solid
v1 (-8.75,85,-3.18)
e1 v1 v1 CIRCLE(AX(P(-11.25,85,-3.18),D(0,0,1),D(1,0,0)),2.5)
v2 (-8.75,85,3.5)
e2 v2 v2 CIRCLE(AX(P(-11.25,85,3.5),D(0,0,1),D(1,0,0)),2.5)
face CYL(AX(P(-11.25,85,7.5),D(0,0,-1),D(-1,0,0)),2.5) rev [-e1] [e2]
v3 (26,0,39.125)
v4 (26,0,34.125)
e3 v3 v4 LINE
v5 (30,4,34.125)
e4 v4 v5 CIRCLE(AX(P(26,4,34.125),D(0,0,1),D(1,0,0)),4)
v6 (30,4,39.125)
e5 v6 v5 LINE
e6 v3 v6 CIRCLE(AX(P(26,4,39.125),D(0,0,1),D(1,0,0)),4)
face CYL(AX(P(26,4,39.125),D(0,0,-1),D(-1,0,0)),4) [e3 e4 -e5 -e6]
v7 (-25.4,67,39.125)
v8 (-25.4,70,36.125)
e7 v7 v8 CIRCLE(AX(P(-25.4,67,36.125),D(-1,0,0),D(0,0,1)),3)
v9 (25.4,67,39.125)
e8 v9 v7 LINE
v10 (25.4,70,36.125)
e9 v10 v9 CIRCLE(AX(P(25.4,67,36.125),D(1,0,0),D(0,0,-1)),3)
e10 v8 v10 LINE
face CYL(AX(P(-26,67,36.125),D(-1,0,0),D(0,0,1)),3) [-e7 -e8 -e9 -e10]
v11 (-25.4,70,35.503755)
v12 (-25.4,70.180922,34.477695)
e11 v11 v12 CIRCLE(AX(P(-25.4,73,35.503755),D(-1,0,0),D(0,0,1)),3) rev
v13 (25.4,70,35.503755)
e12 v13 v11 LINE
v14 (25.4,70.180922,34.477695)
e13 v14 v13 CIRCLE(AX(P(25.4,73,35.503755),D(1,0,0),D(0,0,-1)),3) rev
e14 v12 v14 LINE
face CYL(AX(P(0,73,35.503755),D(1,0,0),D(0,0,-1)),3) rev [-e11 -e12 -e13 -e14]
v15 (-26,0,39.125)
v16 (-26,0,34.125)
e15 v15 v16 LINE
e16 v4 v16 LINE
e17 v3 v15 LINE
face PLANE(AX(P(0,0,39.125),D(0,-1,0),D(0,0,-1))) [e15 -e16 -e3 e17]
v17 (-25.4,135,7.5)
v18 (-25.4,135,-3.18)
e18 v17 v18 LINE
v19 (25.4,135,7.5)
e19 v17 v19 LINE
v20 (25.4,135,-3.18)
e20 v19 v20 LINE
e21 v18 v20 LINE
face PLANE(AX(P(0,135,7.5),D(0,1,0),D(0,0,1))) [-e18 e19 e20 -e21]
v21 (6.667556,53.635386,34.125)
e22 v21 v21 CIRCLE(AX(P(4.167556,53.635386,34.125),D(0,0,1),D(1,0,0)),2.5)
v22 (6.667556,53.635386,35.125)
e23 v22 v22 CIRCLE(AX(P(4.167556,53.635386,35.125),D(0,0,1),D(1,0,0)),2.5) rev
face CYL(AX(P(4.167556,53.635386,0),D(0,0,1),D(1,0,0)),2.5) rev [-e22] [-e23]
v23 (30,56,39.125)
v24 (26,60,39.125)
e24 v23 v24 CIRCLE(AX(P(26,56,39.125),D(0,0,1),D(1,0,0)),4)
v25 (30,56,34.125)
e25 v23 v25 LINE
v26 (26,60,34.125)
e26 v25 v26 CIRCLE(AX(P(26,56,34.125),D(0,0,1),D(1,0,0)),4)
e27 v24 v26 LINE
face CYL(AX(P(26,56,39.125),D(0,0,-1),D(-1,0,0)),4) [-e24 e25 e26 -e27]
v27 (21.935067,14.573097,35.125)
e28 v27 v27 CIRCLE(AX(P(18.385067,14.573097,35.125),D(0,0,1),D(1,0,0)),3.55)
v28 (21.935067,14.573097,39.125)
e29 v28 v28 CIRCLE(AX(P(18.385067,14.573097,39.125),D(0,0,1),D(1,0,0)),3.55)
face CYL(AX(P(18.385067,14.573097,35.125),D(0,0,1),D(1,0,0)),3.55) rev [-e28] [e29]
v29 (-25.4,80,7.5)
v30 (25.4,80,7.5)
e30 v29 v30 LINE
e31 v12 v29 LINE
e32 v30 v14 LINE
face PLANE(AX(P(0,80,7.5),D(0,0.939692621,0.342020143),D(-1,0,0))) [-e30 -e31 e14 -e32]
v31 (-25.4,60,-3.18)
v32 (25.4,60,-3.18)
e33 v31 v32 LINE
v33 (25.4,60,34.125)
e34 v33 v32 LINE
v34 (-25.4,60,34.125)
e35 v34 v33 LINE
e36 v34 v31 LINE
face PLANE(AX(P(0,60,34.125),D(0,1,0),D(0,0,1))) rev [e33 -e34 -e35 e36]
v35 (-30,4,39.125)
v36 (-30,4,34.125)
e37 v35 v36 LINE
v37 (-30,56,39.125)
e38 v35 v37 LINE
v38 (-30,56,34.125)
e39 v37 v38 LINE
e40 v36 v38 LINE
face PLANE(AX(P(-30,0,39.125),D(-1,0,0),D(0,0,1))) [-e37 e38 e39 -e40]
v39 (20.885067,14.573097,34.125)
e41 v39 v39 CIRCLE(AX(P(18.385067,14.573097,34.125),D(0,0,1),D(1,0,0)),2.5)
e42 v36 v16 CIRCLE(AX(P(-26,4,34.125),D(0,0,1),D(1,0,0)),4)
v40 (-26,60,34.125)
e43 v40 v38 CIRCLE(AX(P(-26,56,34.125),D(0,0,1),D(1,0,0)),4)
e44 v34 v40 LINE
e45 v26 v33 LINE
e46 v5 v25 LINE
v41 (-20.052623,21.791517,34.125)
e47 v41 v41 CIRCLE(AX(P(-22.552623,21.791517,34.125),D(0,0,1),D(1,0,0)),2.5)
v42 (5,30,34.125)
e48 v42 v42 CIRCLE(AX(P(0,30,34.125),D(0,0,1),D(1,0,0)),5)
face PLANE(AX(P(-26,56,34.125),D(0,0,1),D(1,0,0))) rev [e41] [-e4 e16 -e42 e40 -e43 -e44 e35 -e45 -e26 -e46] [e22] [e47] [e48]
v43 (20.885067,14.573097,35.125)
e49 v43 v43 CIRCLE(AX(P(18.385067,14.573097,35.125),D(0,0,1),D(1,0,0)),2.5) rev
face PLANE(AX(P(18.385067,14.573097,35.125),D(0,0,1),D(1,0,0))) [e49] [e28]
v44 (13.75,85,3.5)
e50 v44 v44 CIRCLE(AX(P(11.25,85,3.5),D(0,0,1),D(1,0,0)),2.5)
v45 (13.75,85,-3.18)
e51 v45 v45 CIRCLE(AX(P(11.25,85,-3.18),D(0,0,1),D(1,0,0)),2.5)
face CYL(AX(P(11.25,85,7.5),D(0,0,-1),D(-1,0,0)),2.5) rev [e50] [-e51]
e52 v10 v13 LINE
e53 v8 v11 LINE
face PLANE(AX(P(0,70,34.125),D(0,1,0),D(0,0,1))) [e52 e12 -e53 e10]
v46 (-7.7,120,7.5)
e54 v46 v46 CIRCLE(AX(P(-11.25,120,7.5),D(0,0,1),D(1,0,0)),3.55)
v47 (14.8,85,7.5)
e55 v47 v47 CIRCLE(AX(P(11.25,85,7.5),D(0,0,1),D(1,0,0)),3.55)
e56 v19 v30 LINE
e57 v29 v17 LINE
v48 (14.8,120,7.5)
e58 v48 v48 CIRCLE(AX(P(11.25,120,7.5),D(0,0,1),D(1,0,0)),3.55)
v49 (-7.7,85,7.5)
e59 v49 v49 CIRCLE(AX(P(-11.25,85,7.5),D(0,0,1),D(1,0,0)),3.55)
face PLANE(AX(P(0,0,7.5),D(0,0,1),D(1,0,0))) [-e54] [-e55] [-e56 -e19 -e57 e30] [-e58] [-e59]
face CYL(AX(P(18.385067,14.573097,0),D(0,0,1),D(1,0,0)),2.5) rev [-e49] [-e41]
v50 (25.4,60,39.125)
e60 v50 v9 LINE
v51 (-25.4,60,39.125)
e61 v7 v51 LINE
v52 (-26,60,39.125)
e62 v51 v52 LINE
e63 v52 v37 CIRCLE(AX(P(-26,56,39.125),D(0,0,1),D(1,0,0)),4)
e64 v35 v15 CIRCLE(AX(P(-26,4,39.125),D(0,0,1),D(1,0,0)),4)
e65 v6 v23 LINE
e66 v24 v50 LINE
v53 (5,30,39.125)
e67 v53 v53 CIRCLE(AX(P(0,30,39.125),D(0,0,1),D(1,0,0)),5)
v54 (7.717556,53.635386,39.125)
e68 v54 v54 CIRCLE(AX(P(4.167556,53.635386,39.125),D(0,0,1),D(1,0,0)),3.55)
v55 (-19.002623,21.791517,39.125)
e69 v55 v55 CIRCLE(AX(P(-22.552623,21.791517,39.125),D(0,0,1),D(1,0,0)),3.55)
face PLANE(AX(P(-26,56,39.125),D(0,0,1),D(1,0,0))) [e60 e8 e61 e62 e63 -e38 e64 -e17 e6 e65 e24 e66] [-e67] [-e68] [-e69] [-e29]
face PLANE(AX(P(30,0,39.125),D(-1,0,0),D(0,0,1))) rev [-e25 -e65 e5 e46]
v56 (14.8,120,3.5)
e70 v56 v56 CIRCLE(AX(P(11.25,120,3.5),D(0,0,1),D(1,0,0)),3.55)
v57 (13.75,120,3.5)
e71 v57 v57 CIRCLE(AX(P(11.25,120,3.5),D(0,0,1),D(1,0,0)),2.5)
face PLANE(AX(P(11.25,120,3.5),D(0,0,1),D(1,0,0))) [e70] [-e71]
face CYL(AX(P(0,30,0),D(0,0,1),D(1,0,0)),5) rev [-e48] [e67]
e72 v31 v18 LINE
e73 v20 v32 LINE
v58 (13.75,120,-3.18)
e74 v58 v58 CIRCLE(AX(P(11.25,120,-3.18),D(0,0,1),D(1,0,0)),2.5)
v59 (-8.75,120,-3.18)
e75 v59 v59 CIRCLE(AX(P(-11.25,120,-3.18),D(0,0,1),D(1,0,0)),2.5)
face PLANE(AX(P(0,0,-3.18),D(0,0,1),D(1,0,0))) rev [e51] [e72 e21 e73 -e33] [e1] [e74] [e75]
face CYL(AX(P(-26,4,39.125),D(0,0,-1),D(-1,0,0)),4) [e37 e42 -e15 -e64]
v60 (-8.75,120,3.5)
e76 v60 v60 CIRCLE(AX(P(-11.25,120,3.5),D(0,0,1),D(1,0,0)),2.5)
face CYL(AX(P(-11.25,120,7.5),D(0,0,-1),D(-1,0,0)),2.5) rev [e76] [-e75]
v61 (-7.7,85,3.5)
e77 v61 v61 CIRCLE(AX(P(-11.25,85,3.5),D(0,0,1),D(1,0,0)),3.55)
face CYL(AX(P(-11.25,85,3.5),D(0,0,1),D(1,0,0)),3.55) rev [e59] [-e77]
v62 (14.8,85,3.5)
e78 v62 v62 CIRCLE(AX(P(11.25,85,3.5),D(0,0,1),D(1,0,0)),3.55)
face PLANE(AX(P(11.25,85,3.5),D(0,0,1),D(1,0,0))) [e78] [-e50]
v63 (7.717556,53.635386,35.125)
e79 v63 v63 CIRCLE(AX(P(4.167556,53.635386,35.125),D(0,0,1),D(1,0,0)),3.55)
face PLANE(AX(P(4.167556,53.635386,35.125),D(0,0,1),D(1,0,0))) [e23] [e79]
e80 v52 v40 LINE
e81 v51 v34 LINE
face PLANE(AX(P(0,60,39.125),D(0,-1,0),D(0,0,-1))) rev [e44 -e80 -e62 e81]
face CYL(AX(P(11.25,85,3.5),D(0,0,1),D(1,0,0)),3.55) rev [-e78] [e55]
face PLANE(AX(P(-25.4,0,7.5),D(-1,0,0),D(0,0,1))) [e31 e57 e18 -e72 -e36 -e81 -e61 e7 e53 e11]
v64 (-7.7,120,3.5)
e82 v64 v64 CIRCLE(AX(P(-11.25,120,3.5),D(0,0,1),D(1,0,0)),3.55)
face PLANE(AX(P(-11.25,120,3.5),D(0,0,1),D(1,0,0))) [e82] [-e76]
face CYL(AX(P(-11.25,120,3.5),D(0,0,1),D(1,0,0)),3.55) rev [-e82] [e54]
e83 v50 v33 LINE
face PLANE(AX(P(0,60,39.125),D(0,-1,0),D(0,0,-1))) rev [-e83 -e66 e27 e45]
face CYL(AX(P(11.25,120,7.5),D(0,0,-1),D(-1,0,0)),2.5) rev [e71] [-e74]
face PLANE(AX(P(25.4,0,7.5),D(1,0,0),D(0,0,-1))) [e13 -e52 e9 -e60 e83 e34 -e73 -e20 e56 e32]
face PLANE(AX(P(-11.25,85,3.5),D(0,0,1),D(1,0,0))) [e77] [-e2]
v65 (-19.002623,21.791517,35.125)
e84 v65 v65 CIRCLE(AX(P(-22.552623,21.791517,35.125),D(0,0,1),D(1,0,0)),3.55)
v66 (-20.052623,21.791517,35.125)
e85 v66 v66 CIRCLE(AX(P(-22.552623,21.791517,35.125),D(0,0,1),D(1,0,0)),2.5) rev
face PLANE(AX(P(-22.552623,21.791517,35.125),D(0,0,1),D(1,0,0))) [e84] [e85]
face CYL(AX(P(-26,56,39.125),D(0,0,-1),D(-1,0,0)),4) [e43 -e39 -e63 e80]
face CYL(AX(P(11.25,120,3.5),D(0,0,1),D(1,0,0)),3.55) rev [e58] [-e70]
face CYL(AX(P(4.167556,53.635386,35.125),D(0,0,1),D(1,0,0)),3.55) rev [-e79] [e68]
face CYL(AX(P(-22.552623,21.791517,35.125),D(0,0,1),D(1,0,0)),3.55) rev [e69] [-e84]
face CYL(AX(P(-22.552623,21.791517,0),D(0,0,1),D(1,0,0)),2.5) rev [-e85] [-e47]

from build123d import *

# Parameters (mm, degrees)
SKETCH1_W           = 50.8
SKETCH1_H           = 65.000000038
SKETCH1_R           = 2.5
EXTRUDE_5_DEPTH     = 7.5
SKETCH1_3_W         = 50.8
SKETCH1_3_H         = 10
BOSS_EXTRUDE1_DEPTH = 34.125
BOSS_EXTRUDE2_START = 34.125
BOSS_EXTRUDE2_DEPTH = 5
CHAMFER1_SIZE       = 10
CHAMFER1_SIZE2      = 27.474774195
FILLET1_R           = 3
SKETCH2_R           = 5
CUT_EXTRUDE1_DEPTH  = 144.721138443
SKETCH3_R           = 2.5
CUT_EXTRUDE2_DEPTH  = 144.721138443
SKETCH4_R           = 3.55
CUT_EXTRUDE3_DEPTH  = 4
SKETCH5_R           = 3.55
CUT_EXTRUDE4_DEPTH  = 4
BOSS_EXTRUDE3_START = -3.18
SKETCH1_5_W         = 50.8
SKETCH1_5_H         = 10
SKETCH1_5_H_2       = 65.000000038
SKETCH1_5_R         = 2.5
BOSS_EXTRUDE3_DEPTH = 3.18


with BuildPart() as part:
    # Sketch1 → 5 (new body)
    with BuildSketch(Plane.XY):
        with Locations((0, 102.500000019)):
            Rectangle(SKETCH1_W, SKETCH1_H)
        with Locations((-11.25, 85.000000038)):
            Circle(SKETCH1_R, mode=Mode.SUBTRACT)
        with Locations((-11.25, 120.000000038)):
            Circle(SKETCH1_R, mode=Mode.SUBTRACT)
        with Locations((11.25, 85.000000038)):
            Circle(SKETCH1_R, mode=Mode.SUBTRACT)
        with Locations((11.25, 120.000000038)):
            Circle(SKETCH1_R, mode=Mode.SUBTRACT)
    extrude(amount=EXTRUDE_5_DEPTH)

    # Sketch1<3> → Boss-Extrude1 (add)
    with BuildSketch(Plane.XY):
        with Locations((0, 65)):
            Rectangle(SKETCH1_3_W, SKETCH1_3_H)
    extrude(amount=BOSS_EXTRUDE1_DEPTH)

    # Sketch1<4> → Boss-Extrude2 (add)
    with BuildSketch(Plane.XY.offset(BOSS_EXTRUDE2_START)):
        with BuildLine():
            Line((-25.4, 70), (-25.4, 60))
            Line((-25.4, 60), (-26, 60))
            ThreePointArc((-26, 60), (-28.828427125, 58.828427125), (-30, 56))
            Line((-30, 56), (-30, 4))
            ThreePointArc((-30, 4), (-28.828427125, 1.171572875), (-26, 0))
            Line((-26, 0), (26, 0))
            ThreePointArc((26, 0), (28.828427125, 1.171572875), (30, 4))
            Line((30, 4), (30, 56))
            ThreePointArc((30, 56), (28.828427125, 58.828427125), (26, 60))
            Line((26, 60), (25.4, 60))
            Line((25.4, 60), (25.4, 70))
            Line((25.4, 70), (-25.4, 70))
        make_face()
    extrude(amount=BOSS_EXTRUDE2_DEPTH)

    # Chamfer1
    chamfer1_edges = [part.edges().sort_by_distance(p)[0] for p in [
        (0, 70, 7.5),
    ]]
    chamfer1_side = [part.faces().sort_by_distance(p)[0] for p in [
        (0, 102.500000019, 7.5),
    ]]
    chamfer(chamfer1_edges, length=CHAMFER1_SIZE, length2=CHAMFER1_SIZE2, reference=chamfer1_side[0])

    # Fillet1
    fillet1_edges = [part.edges().sort_by_distance(p)[0] for p in [
        (0, 70, 39.125),
        (0, 70, 34.974774195),
    ]]
    fillet(fillet1_edges, radius=FILLET1_R)

    # Sketch2 → Cut-Extrude1 (cut, through all)
    with BuildSketch(Plane.XY.offset(39.125)):
        with Locations((0, 30)):
            Circle(SKETCH2_R)
    extrude(amount=-CUT_EXTRUDE1_DEPTH, mode=Mode.SUBTRACT)

    # Sketch3 → Cut-Extrude2 (cut, through all)
    with BuildSketch(Plane.XY.offset(39.125)):
        with Locations((-22.552622899, 21.79151656)):
            Circle(SKETCH3_R)
        with Locations((4.167556264, 53.635386072)):
            Circle(SKETCH3_R)
        with Locations((18.385066635, 14.573097368)):
            Circle(SKETCH3_R)
    extrude(amount=-CUT_EXTRUDE2_DEPTH, mode=Mode.SUBTRACT)

    # Sketch4 → Cut-Extrude3 (cut)
    with BuildSketch(Plane.XY.offset(39.125)):
        with Locations((4.167556264, 53.635386072)):
            Circle(SKETCH4_R)
        with Locations((-22.552622899, 21.79151656)):
            Circle(SKETCH4_R)
        with Locations((18.385066635, 14.573097368)):
            Circle(SKETCH4_R)
    extrude(amount=-CUT_EXTRUDE3_DEPTH, mode=Mode.SUBTRACT)

    # Sketch5 → Cut-Extrude4 (cut)
    with BuildSketch(Plane.XY.offset(7.5)):
        with Locations((-11.25, 120.000000038)):
            Circle(SKETCH5_R)
        with Locations((11.25, 120.000000038)):
            Circle(SKETCH5_R)
        with Locations((-11.25, 85.000000038)):
            Circle(SKETCH5_R)
        with Locations((11.25, 85.000000038)):
            Circle(SKETCH5_R)
    extrude(amount=-CUT_EXTRUDE4_DEPTH, mode=Mode.SUBTRACT)

    # Sketch1<5> → Boss-Extrude3 (add)
    # profile 1 of 2: a face of its own
    with BuildSketch(Plane.XY.offset(BOSS_EXTRUDE3_START)):
        with Locations((0, 65)):
            Rectangle(SKETCH1_5_W, SKETCH1_5_H)
    # profile 2 of 2: a face of its own
    with BuildSketch(Plane.XY.offset(BOSS_EXTRUDE3_START)):
        with Locations((0, 102.500000019)):
            Rectangle(SKETCH1_5_W, SKETCH1_5_H_2)
        with Locations((-11.25, 85.000000038)):
            Circle(SKETCH1_5_R, mode=Mode.SUBTRACT)
        with Locations((-11.25, 120.000000038)):
            Circle(SKETCH1_5_R, mode=Mode.SUBTRACT)
        with Locations((11.25, 85.000000038)):
            Circle(SKETCH1_5_R, mode=Mode.SUBTRACT)
        with Locations((11.25, 120.000000038)):
            Circle(SKETCH1_5_R, mode=Mode.SUBTRACT)
    extrude(amount=BOSS_EXTRUDE3_DEPTH)


solid = part.part
